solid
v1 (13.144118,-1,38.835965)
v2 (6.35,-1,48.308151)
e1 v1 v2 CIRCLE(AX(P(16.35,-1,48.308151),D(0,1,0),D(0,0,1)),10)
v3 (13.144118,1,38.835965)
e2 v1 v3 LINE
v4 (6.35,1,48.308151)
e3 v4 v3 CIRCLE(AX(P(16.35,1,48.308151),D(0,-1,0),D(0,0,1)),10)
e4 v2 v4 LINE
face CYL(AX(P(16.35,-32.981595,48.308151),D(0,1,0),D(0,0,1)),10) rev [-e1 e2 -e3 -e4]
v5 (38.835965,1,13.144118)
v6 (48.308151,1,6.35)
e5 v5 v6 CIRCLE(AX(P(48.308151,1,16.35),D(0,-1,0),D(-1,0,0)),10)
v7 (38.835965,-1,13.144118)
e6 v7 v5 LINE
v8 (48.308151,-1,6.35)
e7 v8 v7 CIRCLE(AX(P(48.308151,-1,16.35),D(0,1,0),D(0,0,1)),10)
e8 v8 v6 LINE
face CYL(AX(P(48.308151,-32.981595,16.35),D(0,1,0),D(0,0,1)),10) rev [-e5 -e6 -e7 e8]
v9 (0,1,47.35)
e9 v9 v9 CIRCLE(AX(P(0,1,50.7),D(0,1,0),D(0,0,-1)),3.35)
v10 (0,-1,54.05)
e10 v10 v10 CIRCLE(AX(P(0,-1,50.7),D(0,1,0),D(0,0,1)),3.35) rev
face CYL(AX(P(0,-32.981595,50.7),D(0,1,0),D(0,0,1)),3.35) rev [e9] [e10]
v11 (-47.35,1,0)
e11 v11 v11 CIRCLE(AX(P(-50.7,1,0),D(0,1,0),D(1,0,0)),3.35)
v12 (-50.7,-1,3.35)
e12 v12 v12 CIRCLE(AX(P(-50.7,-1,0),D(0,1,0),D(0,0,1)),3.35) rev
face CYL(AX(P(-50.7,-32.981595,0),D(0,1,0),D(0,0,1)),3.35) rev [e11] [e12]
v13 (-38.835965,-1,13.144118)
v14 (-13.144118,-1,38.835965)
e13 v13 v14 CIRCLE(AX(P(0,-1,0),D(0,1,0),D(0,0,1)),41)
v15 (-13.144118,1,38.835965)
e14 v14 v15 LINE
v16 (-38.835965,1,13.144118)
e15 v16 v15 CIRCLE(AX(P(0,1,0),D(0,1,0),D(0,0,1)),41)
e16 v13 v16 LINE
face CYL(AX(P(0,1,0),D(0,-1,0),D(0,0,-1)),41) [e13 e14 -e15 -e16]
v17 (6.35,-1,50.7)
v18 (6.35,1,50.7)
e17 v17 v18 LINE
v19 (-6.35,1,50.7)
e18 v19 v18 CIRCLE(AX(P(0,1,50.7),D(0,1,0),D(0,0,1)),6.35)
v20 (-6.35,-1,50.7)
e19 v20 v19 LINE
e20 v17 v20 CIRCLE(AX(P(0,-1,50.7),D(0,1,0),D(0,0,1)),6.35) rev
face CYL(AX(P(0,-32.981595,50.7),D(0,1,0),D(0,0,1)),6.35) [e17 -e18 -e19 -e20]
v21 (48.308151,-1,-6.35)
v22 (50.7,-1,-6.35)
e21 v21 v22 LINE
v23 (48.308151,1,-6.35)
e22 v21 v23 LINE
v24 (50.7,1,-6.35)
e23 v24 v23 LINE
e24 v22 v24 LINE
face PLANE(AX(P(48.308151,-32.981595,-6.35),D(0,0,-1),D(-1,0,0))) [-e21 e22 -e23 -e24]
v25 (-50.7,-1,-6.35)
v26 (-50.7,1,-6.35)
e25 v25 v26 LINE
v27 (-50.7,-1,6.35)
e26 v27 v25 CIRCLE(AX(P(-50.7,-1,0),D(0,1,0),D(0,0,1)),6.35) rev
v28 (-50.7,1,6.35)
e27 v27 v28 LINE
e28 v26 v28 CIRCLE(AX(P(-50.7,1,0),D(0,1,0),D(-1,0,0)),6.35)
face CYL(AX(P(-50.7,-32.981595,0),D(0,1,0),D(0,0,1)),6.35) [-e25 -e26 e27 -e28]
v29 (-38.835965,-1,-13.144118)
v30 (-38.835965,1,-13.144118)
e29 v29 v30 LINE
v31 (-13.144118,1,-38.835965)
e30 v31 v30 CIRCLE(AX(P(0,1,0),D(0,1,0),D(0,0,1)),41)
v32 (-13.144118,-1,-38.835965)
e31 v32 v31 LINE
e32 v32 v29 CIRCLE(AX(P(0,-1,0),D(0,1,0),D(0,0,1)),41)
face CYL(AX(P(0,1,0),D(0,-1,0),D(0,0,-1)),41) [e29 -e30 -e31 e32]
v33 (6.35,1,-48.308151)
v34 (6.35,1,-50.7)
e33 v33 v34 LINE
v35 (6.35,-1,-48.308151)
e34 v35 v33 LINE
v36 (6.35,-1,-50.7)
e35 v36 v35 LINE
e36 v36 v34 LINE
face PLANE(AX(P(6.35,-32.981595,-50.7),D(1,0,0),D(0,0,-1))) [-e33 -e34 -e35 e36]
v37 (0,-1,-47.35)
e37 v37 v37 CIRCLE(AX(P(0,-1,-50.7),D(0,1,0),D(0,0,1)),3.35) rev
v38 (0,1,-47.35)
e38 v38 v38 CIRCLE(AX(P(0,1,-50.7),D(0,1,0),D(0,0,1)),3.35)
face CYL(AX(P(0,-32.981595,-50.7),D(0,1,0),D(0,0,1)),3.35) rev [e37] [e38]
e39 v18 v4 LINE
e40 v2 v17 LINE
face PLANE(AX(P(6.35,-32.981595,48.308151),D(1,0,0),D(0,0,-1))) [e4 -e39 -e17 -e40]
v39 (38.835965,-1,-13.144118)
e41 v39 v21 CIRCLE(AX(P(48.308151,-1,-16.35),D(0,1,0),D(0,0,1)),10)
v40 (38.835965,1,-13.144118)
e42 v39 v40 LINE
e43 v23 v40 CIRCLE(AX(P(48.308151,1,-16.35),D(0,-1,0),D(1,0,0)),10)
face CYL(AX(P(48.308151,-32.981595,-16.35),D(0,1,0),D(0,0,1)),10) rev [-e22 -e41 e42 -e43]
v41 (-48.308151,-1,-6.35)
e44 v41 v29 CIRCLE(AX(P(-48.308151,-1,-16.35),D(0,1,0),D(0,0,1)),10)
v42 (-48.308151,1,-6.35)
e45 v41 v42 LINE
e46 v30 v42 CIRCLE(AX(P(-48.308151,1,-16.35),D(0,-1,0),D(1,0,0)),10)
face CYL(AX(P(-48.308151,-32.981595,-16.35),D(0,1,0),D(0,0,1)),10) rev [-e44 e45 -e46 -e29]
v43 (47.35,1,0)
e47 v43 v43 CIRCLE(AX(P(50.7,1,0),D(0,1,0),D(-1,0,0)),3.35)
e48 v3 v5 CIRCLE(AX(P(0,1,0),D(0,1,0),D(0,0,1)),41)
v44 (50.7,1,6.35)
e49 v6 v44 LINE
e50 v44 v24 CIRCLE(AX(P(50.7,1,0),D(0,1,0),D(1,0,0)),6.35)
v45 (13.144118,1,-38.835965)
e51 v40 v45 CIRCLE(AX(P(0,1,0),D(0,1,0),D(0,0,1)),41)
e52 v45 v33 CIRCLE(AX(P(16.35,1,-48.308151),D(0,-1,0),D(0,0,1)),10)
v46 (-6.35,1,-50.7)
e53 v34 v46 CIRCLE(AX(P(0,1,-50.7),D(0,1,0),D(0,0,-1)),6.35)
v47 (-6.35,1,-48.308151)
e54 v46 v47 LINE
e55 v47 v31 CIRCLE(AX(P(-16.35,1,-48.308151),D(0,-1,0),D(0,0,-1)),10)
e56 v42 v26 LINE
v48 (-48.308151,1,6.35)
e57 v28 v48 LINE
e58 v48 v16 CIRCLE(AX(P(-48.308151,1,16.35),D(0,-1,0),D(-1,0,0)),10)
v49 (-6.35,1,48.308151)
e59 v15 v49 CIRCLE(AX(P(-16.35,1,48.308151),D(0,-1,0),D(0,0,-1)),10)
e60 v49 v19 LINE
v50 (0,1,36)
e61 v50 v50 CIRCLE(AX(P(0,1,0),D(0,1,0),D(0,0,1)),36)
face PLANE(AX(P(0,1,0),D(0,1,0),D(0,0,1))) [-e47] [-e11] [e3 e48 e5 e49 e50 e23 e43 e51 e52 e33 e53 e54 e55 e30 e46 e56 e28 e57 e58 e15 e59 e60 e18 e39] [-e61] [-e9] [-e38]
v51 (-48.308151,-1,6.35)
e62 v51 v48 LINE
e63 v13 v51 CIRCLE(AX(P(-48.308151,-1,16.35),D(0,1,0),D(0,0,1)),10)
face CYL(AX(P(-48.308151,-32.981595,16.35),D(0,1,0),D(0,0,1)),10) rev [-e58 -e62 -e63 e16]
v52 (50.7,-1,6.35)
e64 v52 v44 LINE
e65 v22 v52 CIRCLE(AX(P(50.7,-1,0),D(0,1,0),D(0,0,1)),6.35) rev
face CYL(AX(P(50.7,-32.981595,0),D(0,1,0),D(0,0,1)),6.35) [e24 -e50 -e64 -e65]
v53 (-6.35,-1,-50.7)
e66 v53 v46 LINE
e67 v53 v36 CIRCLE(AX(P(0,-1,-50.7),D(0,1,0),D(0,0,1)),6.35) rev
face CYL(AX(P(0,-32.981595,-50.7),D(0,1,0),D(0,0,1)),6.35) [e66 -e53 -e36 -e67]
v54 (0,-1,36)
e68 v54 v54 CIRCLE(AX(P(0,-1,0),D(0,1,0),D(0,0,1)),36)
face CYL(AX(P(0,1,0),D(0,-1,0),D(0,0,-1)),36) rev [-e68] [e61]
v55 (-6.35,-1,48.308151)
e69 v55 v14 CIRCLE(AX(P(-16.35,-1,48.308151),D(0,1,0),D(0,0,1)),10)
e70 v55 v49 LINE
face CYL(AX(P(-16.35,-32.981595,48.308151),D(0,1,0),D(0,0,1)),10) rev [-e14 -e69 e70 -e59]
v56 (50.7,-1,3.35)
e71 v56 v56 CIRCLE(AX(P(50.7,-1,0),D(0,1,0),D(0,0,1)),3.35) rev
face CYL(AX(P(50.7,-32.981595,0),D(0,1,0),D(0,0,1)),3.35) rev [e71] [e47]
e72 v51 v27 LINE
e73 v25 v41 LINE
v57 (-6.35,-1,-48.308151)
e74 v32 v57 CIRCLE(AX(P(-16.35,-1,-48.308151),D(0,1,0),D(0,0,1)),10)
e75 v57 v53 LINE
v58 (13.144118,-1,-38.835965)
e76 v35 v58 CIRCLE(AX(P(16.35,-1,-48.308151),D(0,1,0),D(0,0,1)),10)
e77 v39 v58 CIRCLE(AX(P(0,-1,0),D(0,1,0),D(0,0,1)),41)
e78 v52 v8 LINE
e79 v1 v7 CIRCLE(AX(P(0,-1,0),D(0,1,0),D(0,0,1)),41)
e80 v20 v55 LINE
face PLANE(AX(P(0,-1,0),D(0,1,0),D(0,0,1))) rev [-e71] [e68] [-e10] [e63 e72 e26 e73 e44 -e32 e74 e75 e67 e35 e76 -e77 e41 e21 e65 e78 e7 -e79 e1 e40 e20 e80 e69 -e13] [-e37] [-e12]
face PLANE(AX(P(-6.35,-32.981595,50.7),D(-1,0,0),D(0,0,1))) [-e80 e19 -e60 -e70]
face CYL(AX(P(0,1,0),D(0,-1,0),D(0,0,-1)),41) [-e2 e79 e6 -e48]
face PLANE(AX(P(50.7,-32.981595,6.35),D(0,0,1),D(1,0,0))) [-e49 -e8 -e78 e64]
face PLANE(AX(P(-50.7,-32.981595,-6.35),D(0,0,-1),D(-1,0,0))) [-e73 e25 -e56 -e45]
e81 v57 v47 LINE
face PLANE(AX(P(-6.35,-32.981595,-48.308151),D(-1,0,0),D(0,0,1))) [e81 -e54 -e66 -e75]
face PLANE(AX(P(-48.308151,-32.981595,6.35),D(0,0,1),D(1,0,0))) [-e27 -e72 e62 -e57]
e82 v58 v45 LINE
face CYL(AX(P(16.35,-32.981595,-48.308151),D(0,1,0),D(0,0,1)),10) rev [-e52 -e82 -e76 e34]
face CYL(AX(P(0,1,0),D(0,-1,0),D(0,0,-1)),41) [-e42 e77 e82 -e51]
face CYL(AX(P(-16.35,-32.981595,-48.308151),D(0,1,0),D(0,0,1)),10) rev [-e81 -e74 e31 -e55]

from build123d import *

# Parameters (mm, degrees)
SKETCH1_R           = 41
SKETCH1_R_2         = 36
BOSS_EXTRUDE1_DEPTH = 1
SKETCH2_R           = 3.35
BOSS_EXTRUDE2_DEPTH = 2
CIRPATTERN1_COUNT   = 4


with BuildPart() as part:
    # Sketch1 → Boss-Extrude1 (new, symmetric)
    with BuildSketch(Plane(origin=(0, 0, 0), x_dir=(1, 0, 0), z_dir=(0, 1, 0))):
        with Locations(Location((0, 0, 0), (0, 0, 270))):
            Circle(SKETCH1_R)
        with Locations(Location((0, 0, 0), (0, 0, 270))):
            Circle(SKETCH1_R_2, mode=Mode.SUBTRACT)
    extrude(amount=BOSS_EXTRUDE1_DEPTH, both=True)

    # Sketch2 → Boss-Extrude2 (add)
    with BuildSketch(Plane(origin=(0, 1, 0), x_dir=(1, 0, 0), z_dir=(0, 1, 0))):
        with BuildLine():
            Line((-6.35, 48.308151486), (-6.35, 50.7))
            ThreePointArc((-6.35, 50.7), (0, 57.05), (6.35, 50.7))
            Line((6.35, 50.7), (6.35, 48.308151486))
            ThreePointArc((6.35, 48.308151486), (8.224151628, 42.479722175), (13.144117647, 38.83596492))
            ThreePointArc((13.144117647, 38.83596492), (0, 41), (-13.144117647, 38.83596492))
            ThreePointArc((-13.144117647, 38.83596492), (-8.224151628, 42.479722175), (-6.35, 48.308151486))
        make_face()
        with Locations(Location((0, 50.7, 0), (0, 0, 270))):
            Circle(SKETCH2_R, mode=Mode.SUBTRACT)
    boss_extrude2 = extrude(amount=-BOSS_EXTRUDE2_DEPTH)

    # CirPattern1: Boss-Extrude2 ×4 about axis
    cirpattern1_axis = Axis((0, 0, 0), (0, 1, 0))
    for i in range(1, CIRPATTERN1_COUNT):
        add(boss_extrude2.rotate(cirpattern1_axis, i * 360 / CIRPATTERN1_COUNT))


solid = part.part
